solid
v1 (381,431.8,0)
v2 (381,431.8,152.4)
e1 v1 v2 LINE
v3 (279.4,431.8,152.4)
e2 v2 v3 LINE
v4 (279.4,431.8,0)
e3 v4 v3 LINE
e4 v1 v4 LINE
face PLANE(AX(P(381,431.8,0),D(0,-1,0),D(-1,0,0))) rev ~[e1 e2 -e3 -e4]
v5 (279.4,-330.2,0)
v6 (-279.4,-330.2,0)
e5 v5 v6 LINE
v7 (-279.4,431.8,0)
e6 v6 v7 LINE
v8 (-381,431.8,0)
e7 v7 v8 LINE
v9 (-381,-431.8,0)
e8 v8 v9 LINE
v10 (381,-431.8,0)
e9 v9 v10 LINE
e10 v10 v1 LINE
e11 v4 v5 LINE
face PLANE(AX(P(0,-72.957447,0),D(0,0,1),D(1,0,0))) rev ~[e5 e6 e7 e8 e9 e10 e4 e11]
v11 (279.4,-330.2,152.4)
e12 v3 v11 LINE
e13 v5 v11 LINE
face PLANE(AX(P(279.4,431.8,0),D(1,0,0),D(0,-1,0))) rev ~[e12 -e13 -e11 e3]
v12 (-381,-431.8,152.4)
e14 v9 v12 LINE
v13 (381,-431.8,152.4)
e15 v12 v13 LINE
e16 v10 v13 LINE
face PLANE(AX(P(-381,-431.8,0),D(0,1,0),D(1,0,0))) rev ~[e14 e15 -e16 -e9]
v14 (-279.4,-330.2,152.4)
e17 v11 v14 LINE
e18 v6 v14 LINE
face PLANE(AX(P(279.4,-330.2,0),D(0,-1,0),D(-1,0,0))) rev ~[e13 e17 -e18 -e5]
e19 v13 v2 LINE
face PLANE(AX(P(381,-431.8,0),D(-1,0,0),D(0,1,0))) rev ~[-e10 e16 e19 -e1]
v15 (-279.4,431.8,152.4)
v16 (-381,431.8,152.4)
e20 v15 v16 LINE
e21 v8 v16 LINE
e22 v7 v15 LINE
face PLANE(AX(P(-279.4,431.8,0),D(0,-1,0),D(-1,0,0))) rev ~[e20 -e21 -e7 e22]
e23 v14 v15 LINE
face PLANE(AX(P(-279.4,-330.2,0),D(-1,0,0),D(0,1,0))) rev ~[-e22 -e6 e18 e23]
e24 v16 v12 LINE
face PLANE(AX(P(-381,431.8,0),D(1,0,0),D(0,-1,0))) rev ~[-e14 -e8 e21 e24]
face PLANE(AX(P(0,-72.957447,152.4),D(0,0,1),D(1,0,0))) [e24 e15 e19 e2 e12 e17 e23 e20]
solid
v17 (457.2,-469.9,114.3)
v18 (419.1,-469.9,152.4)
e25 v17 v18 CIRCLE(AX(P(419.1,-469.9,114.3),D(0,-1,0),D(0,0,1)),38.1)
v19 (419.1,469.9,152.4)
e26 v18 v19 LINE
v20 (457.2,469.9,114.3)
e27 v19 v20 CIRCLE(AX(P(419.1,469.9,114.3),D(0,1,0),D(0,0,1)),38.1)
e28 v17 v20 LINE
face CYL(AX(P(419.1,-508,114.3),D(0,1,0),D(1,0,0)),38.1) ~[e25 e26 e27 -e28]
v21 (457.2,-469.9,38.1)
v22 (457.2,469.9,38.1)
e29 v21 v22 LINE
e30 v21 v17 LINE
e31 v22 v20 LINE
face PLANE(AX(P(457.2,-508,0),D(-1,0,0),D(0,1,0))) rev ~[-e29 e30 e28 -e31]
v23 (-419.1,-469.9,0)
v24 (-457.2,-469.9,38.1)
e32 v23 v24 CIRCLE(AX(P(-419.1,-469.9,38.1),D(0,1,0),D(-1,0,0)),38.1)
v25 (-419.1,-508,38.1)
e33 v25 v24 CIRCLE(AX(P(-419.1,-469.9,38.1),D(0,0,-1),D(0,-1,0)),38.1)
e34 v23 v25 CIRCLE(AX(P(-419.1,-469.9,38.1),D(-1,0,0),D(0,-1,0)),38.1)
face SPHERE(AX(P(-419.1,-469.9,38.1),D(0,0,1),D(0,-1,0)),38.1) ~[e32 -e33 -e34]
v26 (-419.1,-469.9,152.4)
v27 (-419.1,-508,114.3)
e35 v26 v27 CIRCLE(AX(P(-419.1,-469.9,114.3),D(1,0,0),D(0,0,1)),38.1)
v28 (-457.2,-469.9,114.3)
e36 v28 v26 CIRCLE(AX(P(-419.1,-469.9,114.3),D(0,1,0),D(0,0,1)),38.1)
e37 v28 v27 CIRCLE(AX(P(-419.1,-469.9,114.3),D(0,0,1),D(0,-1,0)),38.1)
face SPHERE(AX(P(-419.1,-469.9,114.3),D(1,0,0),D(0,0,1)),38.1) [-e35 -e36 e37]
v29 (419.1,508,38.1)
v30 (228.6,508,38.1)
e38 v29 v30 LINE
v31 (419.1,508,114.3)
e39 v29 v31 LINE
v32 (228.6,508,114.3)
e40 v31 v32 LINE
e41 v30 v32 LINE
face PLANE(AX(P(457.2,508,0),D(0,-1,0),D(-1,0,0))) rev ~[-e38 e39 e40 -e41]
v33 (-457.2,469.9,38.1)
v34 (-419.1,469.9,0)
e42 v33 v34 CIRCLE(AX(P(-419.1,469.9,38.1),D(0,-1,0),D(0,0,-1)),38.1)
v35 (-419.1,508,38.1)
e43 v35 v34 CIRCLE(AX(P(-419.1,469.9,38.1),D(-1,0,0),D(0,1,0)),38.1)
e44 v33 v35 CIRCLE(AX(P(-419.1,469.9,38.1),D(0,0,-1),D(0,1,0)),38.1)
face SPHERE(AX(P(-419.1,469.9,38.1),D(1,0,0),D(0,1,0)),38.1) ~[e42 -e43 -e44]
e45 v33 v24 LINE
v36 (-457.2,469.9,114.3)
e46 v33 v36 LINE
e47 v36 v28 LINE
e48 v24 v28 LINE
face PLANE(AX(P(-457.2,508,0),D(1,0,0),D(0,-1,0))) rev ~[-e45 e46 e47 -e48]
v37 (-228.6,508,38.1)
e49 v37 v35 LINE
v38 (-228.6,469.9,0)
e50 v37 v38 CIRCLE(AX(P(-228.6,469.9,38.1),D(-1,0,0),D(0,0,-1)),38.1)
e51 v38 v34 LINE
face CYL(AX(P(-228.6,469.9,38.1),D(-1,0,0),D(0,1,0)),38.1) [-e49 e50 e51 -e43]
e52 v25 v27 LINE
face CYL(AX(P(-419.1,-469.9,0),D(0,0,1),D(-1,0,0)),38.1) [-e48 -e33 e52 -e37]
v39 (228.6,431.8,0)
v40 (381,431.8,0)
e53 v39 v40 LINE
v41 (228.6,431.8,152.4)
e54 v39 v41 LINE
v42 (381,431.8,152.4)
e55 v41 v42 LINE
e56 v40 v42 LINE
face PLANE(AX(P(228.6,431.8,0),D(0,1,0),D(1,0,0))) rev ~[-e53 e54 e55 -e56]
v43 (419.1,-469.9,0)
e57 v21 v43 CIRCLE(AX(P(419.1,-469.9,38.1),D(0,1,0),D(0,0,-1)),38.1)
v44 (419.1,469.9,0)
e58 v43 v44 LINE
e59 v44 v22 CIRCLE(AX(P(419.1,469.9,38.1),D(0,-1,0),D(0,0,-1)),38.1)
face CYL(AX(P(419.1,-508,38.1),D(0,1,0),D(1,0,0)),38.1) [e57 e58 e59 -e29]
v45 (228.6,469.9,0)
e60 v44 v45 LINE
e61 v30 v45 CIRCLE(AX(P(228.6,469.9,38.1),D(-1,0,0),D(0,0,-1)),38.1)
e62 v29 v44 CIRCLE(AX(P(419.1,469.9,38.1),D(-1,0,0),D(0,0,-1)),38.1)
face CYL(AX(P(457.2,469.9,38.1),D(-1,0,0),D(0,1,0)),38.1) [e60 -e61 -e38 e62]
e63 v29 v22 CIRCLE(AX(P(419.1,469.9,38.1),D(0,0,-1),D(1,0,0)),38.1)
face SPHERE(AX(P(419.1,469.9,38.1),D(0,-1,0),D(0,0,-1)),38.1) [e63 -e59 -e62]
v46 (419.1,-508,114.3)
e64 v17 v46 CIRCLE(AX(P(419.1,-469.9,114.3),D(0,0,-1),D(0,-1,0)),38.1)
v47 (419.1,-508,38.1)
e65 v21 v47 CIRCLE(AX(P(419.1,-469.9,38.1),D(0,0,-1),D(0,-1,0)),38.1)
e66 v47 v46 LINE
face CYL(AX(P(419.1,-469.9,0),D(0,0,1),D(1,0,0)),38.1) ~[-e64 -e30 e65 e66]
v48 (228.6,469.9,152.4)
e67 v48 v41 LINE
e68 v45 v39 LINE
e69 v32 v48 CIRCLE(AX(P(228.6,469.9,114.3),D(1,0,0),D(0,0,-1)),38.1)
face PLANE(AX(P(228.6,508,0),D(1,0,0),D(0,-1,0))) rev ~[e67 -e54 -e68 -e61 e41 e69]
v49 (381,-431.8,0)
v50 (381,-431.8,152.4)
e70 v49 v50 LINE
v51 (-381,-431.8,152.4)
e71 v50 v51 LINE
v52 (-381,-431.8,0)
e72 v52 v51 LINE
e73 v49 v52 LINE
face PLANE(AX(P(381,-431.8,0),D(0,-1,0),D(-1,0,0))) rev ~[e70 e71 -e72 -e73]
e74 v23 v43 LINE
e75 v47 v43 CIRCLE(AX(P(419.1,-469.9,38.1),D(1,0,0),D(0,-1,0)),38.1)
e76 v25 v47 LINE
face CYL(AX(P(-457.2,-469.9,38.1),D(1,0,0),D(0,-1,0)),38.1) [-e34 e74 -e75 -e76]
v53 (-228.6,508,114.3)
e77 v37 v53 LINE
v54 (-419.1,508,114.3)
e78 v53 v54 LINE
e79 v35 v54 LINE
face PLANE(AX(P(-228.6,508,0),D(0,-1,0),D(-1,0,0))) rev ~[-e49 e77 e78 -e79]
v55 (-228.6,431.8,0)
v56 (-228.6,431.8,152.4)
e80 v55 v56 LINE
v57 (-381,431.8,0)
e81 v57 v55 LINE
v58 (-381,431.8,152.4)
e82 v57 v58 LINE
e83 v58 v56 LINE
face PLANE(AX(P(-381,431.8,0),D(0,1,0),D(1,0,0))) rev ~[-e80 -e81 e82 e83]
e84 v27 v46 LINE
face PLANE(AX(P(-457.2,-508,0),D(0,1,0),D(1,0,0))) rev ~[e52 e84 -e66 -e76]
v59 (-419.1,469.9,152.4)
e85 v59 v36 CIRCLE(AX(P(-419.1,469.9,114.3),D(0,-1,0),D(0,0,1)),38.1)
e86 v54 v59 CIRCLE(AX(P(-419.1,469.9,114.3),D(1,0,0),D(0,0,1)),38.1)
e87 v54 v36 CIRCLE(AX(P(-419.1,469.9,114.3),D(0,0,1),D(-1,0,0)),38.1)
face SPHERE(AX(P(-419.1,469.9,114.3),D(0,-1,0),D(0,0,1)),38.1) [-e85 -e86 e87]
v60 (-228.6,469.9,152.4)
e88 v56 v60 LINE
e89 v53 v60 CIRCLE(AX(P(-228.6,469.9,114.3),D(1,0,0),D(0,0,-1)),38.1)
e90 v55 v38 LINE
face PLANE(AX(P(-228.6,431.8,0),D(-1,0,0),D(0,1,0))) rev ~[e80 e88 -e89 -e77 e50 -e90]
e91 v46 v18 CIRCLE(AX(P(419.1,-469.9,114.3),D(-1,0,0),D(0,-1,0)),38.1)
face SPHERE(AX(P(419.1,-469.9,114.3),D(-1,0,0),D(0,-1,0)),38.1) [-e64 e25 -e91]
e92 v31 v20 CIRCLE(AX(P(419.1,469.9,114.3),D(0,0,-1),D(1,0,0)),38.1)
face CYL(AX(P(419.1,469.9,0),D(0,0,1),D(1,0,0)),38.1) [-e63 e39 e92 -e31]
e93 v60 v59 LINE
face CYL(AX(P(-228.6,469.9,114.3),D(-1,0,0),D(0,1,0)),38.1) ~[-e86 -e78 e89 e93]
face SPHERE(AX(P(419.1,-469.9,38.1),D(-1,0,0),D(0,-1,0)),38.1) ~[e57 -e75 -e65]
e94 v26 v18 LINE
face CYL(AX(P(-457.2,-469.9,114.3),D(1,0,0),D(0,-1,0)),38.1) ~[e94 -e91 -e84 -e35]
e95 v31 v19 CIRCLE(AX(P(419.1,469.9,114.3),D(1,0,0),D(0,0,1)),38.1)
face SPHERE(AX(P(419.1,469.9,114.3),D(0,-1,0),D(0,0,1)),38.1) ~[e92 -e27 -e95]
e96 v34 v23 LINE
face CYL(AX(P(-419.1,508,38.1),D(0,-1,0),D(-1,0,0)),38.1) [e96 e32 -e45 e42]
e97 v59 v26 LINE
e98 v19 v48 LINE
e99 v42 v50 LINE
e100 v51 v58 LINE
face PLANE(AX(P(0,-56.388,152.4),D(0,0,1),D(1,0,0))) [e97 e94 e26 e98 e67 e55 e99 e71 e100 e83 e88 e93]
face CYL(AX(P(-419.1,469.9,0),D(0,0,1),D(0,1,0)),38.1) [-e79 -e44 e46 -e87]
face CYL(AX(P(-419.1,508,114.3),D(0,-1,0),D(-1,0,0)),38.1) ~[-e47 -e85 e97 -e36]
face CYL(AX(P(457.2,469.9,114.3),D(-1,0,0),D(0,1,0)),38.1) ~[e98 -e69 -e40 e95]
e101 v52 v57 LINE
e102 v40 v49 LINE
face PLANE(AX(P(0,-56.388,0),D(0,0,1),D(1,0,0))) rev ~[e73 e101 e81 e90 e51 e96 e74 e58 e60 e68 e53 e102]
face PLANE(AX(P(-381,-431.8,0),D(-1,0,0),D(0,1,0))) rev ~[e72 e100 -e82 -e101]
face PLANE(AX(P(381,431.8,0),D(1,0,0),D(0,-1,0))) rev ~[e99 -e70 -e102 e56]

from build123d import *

# Parameters (mm, degrees)
F1_DEPTH = 152.4
F2_R     = 38.1
F4_DEPTH = 152.4


with BuildPart() as f1:
    # F0 (on Top) → F1 (new body)
    with BuildSketch(Plane.XY):
        Polygon((457.2, -508), (457.2, 508), (228.6, 508), (228.6, 431.8), (381, 431.8), (381, -431.8), (-381, -431.8), (-381, 431.8), (-228.6, 431.8), (-228.6, 508), (-457.2, 508), (-457.2, -508), align=None)
    extrude(amount=F1_DEPTH)

    # F2
    f2_edges = [f1.edges().sort_by_distance(p)[0] for p in [
        (0, -508, 152.4),
        (-457.2, 0, 152.4),
        (-457.2, -508, 76.2),
        (0, -508, 0),
        (457.2, -508, 76.2),
        (457.2, 0, 152.4),
        (457.2, 0, 0),
        (342.9, 508, 152.4),
        (-342.9, 508, 152.4),
        (342.9, 508, 0),
        (-342.9, 508, 0),
        (457.2, 508, 76.2),
        (-457.2, 508, 76.2),
        (-457.2, 0, 0),
    ]]
    fillet(f2_edges, radius=F2_R)


with BuildPart() as f4:
    # F3 (on Top) → F4 (new body)
    with BuildSketch(Plane.XY):
        Polygon((-279.4, 431.8), (-381, 431.8), (-381, -431.8), (381, -431.8), (381, 431.8), (279.4, 431.8), (279.4, -330.2), (-279.4, -330.2), align=None)
    extrude(amount=F4_DEPTH)


solid = Compound([f1.part, f4.part])
